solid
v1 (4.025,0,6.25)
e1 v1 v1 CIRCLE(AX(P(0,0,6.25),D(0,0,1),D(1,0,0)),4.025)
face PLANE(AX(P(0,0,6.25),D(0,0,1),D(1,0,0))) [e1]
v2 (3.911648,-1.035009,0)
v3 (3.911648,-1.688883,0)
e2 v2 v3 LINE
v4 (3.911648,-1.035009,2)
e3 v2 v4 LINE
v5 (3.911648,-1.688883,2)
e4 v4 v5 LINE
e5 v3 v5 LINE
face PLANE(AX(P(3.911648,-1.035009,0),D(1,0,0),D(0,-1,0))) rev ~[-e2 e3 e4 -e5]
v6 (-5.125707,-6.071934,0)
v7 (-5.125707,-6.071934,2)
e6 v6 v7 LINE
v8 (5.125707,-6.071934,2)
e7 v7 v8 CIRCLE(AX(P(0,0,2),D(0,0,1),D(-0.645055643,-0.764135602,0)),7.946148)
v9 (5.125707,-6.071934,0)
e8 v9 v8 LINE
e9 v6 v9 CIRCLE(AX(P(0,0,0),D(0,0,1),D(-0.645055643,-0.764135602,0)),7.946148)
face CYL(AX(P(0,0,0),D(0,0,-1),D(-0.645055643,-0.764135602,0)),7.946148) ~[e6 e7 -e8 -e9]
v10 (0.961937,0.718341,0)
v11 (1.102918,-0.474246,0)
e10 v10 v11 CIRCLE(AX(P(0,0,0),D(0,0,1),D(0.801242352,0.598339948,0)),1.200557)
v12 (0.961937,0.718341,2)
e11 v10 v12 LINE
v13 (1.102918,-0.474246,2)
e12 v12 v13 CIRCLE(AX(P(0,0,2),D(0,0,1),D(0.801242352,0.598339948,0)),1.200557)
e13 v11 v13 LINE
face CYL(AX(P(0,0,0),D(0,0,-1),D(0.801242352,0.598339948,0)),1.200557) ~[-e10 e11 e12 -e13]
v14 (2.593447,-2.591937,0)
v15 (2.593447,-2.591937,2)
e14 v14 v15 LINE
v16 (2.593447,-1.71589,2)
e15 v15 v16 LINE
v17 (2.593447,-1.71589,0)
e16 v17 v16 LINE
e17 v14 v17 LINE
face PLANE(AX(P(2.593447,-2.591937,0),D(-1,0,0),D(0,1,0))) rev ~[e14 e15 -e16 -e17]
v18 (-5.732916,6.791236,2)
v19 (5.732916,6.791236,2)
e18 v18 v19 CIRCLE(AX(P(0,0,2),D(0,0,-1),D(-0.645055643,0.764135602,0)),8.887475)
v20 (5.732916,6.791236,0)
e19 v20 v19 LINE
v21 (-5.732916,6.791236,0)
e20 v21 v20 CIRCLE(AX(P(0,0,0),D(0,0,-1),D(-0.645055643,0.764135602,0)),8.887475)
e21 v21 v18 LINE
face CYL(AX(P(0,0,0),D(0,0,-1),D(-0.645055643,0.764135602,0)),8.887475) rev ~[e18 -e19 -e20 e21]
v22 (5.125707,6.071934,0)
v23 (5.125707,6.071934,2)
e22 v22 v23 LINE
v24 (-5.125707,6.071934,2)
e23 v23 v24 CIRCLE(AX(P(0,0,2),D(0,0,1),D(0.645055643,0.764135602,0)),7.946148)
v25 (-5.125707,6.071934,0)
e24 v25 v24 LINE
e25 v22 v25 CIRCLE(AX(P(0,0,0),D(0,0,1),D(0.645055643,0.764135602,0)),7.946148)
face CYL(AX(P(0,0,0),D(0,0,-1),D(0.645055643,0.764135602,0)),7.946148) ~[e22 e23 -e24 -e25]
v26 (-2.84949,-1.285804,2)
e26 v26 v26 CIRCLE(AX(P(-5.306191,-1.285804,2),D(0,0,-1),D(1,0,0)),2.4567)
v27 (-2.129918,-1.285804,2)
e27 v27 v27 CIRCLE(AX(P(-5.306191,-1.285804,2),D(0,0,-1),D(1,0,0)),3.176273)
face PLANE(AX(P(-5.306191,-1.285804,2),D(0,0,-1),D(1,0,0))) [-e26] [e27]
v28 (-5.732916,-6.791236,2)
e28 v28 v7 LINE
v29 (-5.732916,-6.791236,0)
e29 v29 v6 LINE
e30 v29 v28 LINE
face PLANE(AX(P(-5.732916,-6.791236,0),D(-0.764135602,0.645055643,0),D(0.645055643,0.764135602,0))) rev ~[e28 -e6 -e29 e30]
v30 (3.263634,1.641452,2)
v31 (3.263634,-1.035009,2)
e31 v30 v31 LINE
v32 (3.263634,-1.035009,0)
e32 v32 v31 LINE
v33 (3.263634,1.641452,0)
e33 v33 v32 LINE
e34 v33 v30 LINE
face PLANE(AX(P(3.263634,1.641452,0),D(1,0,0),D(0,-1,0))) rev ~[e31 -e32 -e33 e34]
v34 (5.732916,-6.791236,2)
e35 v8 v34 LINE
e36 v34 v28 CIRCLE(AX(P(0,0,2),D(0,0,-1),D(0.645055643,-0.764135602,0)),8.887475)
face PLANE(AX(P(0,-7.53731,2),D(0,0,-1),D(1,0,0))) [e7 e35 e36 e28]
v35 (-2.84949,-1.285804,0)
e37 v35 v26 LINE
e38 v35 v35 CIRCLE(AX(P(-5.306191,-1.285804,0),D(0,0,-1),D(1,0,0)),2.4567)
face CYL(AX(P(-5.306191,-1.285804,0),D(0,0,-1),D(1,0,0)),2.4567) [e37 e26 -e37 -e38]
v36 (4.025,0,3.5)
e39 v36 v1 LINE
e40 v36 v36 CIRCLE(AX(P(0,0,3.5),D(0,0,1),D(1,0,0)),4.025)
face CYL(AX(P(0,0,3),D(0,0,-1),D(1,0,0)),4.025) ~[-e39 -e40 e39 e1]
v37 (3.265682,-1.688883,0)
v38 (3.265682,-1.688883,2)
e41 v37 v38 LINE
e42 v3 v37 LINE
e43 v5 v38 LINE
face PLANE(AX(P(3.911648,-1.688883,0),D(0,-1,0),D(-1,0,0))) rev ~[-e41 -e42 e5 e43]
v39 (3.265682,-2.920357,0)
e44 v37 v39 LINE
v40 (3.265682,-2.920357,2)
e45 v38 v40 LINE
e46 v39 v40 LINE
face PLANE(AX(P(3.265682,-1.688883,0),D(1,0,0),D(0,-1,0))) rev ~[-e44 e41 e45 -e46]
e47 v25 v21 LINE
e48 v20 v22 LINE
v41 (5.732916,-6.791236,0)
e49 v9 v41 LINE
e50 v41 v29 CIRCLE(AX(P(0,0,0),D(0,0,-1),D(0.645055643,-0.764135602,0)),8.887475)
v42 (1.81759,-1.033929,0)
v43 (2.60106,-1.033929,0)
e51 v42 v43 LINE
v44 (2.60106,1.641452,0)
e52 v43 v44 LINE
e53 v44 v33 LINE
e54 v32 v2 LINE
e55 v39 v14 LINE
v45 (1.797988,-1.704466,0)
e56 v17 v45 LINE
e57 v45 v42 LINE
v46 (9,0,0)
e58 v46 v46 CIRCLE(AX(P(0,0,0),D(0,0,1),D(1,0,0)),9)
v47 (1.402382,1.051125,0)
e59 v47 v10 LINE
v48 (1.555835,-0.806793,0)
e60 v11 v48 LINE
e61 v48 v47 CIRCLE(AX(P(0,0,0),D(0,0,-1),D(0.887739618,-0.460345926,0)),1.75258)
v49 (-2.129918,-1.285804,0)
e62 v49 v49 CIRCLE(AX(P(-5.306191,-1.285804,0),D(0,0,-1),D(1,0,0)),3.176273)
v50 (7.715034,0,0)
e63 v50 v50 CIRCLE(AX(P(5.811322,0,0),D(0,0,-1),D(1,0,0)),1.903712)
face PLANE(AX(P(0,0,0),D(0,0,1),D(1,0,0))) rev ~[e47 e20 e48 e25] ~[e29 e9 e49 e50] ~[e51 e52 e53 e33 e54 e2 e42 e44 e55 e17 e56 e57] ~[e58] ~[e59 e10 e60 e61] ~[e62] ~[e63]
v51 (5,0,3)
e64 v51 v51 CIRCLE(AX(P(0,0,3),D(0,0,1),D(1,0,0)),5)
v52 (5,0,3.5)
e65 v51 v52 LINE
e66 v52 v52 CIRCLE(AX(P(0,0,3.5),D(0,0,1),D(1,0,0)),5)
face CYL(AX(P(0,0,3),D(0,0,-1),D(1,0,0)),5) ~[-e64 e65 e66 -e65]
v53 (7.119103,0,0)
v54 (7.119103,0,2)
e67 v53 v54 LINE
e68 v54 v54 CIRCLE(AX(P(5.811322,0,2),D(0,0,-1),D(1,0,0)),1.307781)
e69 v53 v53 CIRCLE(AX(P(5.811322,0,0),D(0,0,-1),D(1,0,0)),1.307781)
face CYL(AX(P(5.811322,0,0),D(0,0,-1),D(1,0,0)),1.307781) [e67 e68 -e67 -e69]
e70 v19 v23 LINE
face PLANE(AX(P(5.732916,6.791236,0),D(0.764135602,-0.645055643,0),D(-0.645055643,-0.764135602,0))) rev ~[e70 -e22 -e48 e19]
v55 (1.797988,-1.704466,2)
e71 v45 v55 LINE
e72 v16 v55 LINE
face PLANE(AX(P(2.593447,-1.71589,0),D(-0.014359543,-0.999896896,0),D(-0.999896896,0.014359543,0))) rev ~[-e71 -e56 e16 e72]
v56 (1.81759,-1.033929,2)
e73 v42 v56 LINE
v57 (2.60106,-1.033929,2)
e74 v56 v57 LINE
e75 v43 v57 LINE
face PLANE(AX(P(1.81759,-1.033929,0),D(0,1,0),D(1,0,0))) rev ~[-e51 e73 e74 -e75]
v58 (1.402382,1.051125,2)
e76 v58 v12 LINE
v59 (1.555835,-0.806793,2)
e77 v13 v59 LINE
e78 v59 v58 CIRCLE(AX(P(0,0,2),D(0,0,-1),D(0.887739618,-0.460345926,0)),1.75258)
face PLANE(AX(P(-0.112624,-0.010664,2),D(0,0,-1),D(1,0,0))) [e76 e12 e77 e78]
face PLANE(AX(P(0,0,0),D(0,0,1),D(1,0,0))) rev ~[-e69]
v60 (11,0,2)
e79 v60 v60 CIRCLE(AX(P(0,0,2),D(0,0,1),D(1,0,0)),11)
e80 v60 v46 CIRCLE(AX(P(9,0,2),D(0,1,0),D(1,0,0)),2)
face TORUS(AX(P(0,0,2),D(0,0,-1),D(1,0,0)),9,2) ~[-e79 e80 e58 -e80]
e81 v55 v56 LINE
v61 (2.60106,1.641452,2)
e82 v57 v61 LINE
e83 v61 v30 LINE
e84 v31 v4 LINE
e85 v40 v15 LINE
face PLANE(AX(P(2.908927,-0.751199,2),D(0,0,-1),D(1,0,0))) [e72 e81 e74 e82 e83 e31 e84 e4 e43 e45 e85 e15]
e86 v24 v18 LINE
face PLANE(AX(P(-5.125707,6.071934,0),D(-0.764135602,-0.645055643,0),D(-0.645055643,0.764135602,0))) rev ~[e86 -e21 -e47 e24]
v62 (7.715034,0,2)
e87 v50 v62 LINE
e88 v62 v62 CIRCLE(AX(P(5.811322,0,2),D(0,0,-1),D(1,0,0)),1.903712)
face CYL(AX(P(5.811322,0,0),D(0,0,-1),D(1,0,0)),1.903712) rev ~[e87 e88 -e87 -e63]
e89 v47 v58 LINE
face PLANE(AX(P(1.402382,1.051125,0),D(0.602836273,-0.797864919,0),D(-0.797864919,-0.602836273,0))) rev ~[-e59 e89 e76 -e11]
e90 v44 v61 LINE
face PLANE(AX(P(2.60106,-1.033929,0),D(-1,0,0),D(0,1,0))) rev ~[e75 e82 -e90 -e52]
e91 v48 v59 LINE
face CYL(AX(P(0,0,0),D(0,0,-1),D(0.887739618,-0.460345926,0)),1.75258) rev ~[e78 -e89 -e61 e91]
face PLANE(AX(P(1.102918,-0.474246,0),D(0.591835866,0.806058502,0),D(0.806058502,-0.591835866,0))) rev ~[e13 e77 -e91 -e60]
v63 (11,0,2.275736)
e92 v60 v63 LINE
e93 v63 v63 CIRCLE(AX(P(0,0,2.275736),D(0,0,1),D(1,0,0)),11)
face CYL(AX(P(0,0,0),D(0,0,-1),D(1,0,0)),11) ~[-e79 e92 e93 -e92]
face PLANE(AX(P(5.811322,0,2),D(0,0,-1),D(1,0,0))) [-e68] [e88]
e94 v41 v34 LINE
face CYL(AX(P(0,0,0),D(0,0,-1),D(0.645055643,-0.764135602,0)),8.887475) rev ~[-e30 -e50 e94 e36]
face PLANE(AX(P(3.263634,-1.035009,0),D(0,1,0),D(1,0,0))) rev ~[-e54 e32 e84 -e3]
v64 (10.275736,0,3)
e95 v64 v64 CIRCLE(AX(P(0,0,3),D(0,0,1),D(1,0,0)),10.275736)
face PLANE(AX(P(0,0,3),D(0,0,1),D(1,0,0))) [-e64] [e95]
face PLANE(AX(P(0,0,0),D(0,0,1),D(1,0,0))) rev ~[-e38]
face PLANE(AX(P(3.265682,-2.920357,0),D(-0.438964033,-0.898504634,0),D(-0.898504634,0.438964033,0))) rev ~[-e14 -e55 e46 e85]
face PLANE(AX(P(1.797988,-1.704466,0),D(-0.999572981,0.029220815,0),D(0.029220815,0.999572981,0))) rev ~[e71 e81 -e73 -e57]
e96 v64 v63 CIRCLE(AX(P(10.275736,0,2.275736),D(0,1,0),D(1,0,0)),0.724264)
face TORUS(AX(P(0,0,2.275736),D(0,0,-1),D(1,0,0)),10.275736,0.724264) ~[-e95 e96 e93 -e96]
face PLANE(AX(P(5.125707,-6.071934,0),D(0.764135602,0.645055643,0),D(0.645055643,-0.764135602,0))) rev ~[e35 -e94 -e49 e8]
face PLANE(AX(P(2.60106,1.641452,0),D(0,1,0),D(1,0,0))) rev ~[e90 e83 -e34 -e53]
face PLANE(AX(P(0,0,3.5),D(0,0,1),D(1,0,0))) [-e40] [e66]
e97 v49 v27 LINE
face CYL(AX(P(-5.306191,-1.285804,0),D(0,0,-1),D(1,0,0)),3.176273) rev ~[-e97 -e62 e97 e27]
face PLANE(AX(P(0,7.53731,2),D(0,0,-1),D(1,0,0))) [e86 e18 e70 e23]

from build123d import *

# Parameters (mm, degrees)
F0_R     = 11
F1_DEPTH = 3
F2_R     = 2
F3_R     = 5
F3_R_2   = 4.025
F4_DEPTH = 0.5
F5_DEPTH = 3.25
F6_R     = 3.1762732241
F6_R_2   = 2.4567004545
F6_R_3   = 1.9037122254
F6_R_4   = 1.3077812171
F7_DEPTH = 2
F8_R     = 0.7242640687


with BuildPart() as f1:
    # F0 (on Top) → F1 (new body)
    with BuildSketch(Plane.XY):
        Circle(F0_R)
    extrude(amount=F1_DEPTH)

    # F2
    f2_edges = [f1.edges().sort_by_distance(p)[0] for p in [
        (-11, 0, 0),
    ]]
    fillet(f2_edges, radius=F2_R)

    # F3 (on face) → F4 (join)
    with BuildSketch(Plane.XY.offset(3)):
        Circle(F3_R)
        Circle(F3_R_2, mode=Mode.SUBTRACT)
    extrude(amount=F4_DEPTH)

    # F5 (add): a face of the model
    f5_faces = [f1.faces().sort_by_distance(p)[0] for p in [
        (0, 0, 3),
    ]]
    extrude(f5_faces, amount=F5_DEPTH)

    # F6 (on face) → F7 (cut)
    with BuildSketch(Plane(origin=(0, 0, 0), x_dir=(1, 0, 0), z_dir=(0, 0, -1))):
        with Locations((-5.3061908111, 1.2858043192)):
            Circle(F6_R)
        with Locations((-5.3061908111, 1.2858043192)):
            Circle(F6_R_2, mode=Mode.SUBTRACT)
        with BuildLine():
            ThreePointArc((0.9619368017, -0.7183409795), (-1.1922548582, 0.140941571), (1.1029175948, 0.4742456667))
            Line((1.1029175948, 0.4742456667), (1.555835095, 0.8067932675))
            ThreePointArc((1.555835095, 0.8067932675), (-1.7466329927, 0.1442615964), (1.4023820255, -1.0511245759))
            Line((1.4023820255, -1.0511245759), (0.9619368017, -0.7183409795))
        make_face()
        Polygon((2.5934469886, 1.7158896108), (1.797987935, 1.7044660048), (1.8175899449, 1.0339289438), (2.6010603178, 1.0339289438), (2.6010603178, -1.6414519632), (3.2636339311, -1.6414519632), (3.2636339311, 1.0350090452), (3.9116484113, 1.0350090452), (3.9116484113, 1.688883407), (3.2656819094, 1.688883407), (3.2656819094, 2.9203571675), (2.5934469886, 2.5919371012), align=None)
        with Locations((5.8113215491, 0)):
            Circle(F6_R_3)
        with Locations((5.8113215491, 0)):
            Circle(F6_R_4, mode=Mode.SUBTRACT)
        with BuildLine():
            Line((5.1257074847, 6.0719344417), (5.7329160736, 6.7912362658))
            ThreePointArc((5.7329160736, 6.7912362658), (0, 8.8874752728), (-5.7329160736, 6.7912362658))
            Line((-5.7329160736, 6.7912362658), (-5.1257074847, 6.0719344417))
            ThreePointArc((-5.1257074847, 6.0719344417), (0, 7.9461478141), (5.1257074847, 6.0719344417))
        make_face()
        with BuildLine():
            ThreePointArc((5.1257074847, -6.0719344417), (0, -7.9461478141), (-5.1257074847, -6.0719344417))
            Line((-5.1257074847, -6.0719344417), (-5.7329160736, -6.7912362658))
            ThreePointArc((-5.7329160736, -6.7912362658), (0, -8.8874752728), (5.7329160736, -6.7912362658))
            Line((5.7329160736, -6.7912362658), (5.1257074847, -6.0719344417))
        make_face()
    extrude(amount=-F7_DEPTH, mode=Mode.SUBTRACT)

    # F8
    f8_edges = [f1.edges().sort_by_distance(p)[0] for p in [
        (-11, 0, 3),
    ]]
    fillet(f8_edges, radius=F8_R)


solid = f1.part
